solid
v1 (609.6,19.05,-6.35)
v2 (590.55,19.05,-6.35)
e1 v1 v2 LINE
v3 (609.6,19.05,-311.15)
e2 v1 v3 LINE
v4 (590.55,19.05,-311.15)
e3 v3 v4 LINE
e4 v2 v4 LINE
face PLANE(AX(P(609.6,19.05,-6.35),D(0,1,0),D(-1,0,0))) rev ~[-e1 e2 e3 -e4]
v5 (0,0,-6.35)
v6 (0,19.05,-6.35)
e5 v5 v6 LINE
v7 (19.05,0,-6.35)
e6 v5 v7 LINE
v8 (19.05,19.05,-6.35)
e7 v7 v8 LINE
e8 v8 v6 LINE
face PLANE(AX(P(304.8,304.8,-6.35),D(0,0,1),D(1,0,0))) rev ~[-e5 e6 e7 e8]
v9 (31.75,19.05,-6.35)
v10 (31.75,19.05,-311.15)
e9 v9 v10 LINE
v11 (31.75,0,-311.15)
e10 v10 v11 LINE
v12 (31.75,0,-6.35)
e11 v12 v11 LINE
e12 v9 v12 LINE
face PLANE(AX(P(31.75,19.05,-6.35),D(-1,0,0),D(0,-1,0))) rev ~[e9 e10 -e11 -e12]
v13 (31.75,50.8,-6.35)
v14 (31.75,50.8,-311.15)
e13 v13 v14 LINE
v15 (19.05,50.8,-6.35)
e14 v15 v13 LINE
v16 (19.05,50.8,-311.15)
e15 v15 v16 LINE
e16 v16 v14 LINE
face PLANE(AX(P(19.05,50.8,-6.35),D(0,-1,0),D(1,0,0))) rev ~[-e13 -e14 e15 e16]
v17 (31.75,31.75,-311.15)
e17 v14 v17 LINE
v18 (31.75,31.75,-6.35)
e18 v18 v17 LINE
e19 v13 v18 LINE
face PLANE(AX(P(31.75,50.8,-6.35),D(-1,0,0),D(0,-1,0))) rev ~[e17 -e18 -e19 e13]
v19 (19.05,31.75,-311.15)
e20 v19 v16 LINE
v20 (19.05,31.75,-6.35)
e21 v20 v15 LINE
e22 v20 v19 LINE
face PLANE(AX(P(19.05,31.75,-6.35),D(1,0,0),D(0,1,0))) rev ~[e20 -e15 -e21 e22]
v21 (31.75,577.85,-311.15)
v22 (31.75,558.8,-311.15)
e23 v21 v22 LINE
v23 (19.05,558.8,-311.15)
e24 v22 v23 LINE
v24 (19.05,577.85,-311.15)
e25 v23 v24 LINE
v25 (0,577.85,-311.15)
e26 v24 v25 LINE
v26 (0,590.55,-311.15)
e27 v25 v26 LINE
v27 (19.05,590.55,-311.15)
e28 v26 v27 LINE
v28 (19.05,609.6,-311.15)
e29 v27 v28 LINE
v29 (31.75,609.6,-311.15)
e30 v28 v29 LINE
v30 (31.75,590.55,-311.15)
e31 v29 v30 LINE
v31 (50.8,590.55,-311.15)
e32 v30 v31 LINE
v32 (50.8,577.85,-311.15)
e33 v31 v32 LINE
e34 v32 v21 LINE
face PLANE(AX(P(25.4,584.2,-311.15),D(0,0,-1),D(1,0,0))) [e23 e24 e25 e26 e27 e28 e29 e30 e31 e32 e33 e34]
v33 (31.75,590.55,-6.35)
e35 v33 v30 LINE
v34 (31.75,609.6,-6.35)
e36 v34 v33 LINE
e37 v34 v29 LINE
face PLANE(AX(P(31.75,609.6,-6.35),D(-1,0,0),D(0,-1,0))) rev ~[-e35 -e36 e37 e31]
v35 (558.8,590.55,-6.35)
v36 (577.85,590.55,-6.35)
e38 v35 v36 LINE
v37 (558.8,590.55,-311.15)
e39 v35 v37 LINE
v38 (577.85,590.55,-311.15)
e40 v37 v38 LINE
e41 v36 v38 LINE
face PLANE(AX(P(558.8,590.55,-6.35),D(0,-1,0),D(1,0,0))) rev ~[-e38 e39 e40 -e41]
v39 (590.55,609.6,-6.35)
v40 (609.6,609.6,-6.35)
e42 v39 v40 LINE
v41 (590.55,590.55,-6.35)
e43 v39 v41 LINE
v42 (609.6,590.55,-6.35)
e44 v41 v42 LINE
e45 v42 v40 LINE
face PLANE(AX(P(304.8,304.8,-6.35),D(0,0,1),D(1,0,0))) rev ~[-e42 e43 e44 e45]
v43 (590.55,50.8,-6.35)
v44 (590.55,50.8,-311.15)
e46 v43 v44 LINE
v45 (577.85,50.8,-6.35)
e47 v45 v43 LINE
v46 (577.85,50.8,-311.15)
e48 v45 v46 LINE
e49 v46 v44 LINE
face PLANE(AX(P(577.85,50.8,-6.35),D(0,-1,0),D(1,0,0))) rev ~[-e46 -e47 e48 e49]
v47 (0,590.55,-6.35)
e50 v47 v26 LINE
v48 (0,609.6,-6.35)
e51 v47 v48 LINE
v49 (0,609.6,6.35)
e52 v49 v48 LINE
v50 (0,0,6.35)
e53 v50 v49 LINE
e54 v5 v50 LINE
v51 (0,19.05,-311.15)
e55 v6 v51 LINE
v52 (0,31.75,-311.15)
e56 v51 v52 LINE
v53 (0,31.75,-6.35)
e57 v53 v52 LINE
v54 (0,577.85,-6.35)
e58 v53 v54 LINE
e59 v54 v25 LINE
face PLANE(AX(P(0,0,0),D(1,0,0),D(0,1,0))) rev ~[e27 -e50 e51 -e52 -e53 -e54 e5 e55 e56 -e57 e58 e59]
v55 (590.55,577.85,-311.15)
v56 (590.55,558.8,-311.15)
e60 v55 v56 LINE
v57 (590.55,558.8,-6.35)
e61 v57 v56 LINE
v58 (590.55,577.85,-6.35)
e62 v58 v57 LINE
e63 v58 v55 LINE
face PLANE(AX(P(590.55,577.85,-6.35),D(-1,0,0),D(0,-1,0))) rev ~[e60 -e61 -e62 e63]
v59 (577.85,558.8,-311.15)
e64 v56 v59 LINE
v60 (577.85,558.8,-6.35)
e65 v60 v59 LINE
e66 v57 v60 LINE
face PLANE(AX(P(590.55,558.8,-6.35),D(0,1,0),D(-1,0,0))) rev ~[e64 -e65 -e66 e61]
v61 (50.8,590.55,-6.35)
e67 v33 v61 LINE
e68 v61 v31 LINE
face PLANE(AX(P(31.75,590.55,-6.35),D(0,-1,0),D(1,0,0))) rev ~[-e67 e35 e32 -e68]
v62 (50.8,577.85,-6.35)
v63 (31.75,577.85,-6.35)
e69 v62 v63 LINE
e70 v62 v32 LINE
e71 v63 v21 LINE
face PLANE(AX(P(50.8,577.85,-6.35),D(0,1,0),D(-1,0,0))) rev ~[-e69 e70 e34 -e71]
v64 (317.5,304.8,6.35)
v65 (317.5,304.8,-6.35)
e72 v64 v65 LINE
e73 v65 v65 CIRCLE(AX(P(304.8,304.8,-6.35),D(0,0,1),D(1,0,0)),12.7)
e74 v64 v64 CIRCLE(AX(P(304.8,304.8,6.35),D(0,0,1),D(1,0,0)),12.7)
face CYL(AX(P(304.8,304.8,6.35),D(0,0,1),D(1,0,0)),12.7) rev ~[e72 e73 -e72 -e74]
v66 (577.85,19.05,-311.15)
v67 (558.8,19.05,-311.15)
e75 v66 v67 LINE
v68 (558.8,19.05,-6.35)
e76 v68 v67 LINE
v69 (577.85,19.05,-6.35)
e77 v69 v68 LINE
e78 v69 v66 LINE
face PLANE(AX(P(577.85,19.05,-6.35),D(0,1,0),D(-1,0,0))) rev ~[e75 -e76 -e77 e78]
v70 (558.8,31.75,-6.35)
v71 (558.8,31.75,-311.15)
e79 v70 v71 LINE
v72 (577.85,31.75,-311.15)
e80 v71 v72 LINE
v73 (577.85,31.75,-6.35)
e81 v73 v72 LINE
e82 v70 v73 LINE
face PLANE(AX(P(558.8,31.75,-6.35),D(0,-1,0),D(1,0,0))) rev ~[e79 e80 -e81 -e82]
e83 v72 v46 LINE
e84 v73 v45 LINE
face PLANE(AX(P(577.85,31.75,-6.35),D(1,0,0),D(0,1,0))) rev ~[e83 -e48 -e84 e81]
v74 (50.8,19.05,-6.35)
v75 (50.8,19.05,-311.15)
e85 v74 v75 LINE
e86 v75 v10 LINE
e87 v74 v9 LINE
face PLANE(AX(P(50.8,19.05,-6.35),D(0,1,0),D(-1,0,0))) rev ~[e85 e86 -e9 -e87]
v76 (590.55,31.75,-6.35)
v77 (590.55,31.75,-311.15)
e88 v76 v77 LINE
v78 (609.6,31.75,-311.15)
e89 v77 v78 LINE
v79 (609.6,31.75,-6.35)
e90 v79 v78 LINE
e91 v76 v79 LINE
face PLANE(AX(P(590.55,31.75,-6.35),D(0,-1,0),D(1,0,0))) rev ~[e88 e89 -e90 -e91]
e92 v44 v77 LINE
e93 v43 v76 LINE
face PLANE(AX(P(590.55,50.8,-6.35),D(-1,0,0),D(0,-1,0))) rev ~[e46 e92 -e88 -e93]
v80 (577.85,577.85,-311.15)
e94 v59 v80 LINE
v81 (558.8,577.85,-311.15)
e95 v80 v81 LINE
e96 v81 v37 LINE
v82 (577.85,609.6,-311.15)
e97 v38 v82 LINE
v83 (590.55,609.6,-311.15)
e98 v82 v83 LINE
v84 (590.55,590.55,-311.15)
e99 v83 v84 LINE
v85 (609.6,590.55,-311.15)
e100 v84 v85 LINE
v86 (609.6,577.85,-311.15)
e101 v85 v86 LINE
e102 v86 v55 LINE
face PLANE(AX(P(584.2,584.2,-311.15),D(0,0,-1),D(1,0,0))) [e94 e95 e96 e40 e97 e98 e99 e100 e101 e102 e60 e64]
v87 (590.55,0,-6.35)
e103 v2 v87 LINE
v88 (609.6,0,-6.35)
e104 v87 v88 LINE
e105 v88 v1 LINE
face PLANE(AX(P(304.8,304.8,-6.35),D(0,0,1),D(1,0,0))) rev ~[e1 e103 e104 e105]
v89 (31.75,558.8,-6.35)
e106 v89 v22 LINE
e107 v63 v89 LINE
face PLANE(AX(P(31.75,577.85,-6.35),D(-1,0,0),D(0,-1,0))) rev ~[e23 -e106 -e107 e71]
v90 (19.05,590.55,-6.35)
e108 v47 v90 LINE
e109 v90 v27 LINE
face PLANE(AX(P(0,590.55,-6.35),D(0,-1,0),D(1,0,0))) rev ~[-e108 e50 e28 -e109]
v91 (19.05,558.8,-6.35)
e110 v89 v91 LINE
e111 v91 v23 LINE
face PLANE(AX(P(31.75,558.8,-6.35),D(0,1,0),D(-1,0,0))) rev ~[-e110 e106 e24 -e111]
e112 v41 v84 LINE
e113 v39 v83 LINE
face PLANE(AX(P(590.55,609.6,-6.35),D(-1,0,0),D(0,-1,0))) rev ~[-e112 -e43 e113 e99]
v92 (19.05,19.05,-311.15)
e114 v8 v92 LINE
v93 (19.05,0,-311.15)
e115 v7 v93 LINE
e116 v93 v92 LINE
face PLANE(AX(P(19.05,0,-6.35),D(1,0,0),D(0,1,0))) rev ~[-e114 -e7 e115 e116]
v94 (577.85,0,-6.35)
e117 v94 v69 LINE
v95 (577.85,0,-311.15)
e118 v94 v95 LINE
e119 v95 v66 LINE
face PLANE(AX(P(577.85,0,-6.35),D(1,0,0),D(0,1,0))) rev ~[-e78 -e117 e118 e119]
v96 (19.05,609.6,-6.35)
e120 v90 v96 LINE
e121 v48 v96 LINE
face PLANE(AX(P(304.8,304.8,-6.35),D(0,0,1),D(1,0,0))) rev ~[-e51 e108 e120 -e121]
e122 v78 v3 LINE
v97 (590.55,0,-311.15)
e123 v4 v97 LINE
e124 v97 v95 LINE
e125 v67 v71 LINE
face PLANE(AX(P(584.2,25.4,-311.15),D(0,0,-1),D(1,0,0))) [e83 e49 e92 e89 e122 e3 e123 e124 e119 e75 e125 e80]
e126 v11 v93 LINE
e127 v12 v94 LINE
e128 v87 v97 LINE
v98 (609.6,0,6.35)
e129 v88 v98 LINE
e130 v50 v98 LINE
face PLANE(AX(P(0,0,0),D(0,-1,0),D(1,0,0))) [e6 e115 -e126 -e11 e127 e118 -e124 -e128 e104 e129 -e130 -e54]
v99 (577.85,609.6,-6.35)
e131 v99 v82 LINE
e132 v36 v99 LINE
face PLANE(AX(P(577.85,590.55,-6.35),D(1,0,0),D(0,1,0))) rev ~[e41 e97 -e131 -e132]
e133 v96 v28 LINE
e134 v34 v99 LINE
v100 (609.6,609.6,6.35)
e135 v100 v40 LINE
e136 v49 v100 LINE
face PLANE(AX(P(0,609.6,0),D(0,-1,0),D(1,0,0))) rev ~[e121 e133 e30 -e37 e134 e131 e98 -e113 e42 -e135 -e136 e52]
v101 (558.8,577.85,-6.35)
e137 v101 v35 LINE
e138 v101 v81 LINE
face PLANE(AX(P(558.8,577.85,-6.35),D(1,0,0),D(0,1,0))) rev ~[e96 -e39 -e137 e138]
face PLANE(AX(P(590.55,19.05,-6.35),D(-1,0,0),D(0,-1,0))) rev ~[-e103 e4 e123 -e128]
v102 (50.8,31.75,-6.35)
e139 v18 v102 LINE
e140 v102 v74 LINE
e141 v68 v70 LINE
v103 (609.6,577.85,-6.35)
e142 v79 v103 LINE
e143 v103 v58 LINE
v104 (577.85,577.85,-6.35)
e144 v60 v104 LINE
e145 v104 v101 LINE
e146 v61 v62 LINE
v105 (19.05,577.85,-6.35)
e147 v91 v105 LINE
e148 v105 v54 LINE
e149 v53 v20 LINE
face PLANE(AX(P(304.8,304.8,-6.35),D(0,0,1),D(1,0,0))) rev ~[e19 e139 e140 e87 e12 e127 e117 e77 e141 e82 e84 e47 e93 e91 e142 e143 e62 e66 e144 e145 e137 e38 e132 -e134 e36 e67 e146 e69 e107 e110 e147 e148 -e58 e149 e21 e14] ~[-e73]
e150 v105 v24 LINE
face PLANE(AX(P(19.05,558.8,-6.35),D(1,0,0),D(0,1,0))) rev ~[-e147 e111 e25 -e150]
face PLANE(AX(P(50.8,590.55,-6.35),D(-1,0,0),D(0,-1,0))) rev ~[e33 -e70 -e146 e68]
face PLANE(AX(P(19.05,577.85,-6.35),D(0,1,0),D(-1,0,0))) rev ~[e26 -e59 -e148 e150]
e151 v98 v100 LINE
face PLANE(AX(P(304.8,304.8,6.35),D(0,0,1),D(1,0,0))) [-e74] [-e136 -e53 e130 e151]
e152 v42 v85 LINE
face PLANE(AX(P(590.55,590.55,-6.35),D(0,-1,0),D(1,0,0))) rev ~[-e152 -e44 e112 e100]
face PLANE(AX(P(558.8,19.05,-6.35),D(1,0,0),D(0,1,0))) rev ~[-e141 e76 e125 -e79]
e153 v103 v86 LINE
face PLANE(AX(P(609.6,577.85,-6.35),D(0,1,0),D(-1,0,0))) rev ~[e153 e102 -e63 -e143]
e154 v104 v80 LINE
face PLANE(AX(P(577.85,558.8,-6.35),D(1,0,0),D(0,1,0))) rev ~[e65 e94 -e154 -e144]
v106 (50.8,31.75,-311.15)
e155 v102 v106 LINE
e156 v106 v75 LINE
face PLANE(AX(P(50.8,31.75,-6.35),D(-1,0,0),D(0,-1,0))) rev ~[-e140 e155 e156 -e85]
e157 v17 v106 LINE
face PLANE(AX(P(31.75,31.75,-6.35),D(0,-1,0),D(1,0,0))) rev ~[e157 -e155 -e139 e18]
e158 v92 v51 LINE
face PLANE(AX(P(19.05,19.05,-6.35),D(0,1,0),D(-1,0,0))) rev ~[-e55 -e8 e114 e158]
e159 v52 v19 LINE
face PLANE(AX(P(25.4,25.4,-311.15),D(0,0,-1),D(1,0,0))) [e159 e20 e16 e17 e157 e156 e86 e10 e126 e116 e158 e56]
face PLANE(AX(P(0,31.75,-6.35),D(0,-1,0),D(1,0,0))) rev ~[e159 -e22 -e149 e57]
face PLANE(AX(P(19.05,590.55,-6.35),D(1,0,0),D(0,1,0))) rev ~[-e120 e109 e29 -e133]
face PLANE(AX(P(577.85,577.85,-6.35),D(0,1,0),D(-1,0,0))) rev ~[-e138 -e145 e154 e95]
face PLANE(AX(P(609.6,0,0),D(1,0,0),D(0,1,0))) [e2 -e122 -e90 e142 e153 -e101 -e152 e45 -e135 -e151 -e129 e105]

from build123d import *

# Parameters (mm, degrees)
F0_W     = 609.6
F0_H     = 609.6
F1_DEPTH = 6.35
F3_DEPTH = 304.8
F4_R     = 12.7
F5_DEPTH = 317.501


with BuildPart() as f1:
    # F0 (on Top) → F1 (new body, symmetric)
    with BuildSketch(Plane.XY):
        with Locations((304.8, 304.8)):
            Rectangle(F0_W, F0_H)
    extrude(amount=F1_DEPTH, both=True)

    # F2 (on face) → F3 (join)
    with BuildSketch(Plane(origin=(0, 0, -6.35), x_dir=(1, 0, 0), z_dir=(0, 0, -1))):
        Polygon((19.05, -19.05), (0, -19.05), (0, -31.75), (19.05, -31.75), (19.05, -50.8), (31.75, -50.8), (31.75, -31.75), (50.8, -31.75), (50.8, -19.05), (31.75, -19.05), (31.75, 0), (19.05, 0), align=None)
        Polygon((590.55, -50.8), (590.55, -31.75), (609.6, -31.75), (609.6, -19.05), (590.55, -19.05), (590.55, 0), (577.85, 0), (577.85, -19.05), (558.8, -19.05), (558.8, -31.75), (577.85, -31.75), (577.85, -50.8), align=None)
        Polygon((19.05, -590.55), (19.05, -609.6), (31.75, -609.6), (31.75, -590.55), (50.8, -590.55), (50.8, -577.85), (31.75, -577.85), (31.75, -558.8), (19.05, -558.8), (19.05, -577.85), (0, -577.85), (0, -590.55), align=None)
        Polygon((577.85, -609.6), (590.55, -609.6), (590.55, -590.55), (609.6, -590.55), (609.6, -577.85), (590.55, -577.85), (590.55, -558.8), (577.85, -558.8), (577.85, -577.85), (558.8, -577.85), (558.8, -590.55), (577.85, -590.55), align=None)
    extrude(amount=F3_DEPTH)

    # F4 (on face) → F5 (cut, through all)
    with BuildSketch(Plane.XY.offset(6.35)):
        with Locations((304.8, 304.8)):
            Circle(F4_R)
    extrude(amount=-F5_DEPTH, mode=Mode.SUBTRACT)


solid = f1.part
